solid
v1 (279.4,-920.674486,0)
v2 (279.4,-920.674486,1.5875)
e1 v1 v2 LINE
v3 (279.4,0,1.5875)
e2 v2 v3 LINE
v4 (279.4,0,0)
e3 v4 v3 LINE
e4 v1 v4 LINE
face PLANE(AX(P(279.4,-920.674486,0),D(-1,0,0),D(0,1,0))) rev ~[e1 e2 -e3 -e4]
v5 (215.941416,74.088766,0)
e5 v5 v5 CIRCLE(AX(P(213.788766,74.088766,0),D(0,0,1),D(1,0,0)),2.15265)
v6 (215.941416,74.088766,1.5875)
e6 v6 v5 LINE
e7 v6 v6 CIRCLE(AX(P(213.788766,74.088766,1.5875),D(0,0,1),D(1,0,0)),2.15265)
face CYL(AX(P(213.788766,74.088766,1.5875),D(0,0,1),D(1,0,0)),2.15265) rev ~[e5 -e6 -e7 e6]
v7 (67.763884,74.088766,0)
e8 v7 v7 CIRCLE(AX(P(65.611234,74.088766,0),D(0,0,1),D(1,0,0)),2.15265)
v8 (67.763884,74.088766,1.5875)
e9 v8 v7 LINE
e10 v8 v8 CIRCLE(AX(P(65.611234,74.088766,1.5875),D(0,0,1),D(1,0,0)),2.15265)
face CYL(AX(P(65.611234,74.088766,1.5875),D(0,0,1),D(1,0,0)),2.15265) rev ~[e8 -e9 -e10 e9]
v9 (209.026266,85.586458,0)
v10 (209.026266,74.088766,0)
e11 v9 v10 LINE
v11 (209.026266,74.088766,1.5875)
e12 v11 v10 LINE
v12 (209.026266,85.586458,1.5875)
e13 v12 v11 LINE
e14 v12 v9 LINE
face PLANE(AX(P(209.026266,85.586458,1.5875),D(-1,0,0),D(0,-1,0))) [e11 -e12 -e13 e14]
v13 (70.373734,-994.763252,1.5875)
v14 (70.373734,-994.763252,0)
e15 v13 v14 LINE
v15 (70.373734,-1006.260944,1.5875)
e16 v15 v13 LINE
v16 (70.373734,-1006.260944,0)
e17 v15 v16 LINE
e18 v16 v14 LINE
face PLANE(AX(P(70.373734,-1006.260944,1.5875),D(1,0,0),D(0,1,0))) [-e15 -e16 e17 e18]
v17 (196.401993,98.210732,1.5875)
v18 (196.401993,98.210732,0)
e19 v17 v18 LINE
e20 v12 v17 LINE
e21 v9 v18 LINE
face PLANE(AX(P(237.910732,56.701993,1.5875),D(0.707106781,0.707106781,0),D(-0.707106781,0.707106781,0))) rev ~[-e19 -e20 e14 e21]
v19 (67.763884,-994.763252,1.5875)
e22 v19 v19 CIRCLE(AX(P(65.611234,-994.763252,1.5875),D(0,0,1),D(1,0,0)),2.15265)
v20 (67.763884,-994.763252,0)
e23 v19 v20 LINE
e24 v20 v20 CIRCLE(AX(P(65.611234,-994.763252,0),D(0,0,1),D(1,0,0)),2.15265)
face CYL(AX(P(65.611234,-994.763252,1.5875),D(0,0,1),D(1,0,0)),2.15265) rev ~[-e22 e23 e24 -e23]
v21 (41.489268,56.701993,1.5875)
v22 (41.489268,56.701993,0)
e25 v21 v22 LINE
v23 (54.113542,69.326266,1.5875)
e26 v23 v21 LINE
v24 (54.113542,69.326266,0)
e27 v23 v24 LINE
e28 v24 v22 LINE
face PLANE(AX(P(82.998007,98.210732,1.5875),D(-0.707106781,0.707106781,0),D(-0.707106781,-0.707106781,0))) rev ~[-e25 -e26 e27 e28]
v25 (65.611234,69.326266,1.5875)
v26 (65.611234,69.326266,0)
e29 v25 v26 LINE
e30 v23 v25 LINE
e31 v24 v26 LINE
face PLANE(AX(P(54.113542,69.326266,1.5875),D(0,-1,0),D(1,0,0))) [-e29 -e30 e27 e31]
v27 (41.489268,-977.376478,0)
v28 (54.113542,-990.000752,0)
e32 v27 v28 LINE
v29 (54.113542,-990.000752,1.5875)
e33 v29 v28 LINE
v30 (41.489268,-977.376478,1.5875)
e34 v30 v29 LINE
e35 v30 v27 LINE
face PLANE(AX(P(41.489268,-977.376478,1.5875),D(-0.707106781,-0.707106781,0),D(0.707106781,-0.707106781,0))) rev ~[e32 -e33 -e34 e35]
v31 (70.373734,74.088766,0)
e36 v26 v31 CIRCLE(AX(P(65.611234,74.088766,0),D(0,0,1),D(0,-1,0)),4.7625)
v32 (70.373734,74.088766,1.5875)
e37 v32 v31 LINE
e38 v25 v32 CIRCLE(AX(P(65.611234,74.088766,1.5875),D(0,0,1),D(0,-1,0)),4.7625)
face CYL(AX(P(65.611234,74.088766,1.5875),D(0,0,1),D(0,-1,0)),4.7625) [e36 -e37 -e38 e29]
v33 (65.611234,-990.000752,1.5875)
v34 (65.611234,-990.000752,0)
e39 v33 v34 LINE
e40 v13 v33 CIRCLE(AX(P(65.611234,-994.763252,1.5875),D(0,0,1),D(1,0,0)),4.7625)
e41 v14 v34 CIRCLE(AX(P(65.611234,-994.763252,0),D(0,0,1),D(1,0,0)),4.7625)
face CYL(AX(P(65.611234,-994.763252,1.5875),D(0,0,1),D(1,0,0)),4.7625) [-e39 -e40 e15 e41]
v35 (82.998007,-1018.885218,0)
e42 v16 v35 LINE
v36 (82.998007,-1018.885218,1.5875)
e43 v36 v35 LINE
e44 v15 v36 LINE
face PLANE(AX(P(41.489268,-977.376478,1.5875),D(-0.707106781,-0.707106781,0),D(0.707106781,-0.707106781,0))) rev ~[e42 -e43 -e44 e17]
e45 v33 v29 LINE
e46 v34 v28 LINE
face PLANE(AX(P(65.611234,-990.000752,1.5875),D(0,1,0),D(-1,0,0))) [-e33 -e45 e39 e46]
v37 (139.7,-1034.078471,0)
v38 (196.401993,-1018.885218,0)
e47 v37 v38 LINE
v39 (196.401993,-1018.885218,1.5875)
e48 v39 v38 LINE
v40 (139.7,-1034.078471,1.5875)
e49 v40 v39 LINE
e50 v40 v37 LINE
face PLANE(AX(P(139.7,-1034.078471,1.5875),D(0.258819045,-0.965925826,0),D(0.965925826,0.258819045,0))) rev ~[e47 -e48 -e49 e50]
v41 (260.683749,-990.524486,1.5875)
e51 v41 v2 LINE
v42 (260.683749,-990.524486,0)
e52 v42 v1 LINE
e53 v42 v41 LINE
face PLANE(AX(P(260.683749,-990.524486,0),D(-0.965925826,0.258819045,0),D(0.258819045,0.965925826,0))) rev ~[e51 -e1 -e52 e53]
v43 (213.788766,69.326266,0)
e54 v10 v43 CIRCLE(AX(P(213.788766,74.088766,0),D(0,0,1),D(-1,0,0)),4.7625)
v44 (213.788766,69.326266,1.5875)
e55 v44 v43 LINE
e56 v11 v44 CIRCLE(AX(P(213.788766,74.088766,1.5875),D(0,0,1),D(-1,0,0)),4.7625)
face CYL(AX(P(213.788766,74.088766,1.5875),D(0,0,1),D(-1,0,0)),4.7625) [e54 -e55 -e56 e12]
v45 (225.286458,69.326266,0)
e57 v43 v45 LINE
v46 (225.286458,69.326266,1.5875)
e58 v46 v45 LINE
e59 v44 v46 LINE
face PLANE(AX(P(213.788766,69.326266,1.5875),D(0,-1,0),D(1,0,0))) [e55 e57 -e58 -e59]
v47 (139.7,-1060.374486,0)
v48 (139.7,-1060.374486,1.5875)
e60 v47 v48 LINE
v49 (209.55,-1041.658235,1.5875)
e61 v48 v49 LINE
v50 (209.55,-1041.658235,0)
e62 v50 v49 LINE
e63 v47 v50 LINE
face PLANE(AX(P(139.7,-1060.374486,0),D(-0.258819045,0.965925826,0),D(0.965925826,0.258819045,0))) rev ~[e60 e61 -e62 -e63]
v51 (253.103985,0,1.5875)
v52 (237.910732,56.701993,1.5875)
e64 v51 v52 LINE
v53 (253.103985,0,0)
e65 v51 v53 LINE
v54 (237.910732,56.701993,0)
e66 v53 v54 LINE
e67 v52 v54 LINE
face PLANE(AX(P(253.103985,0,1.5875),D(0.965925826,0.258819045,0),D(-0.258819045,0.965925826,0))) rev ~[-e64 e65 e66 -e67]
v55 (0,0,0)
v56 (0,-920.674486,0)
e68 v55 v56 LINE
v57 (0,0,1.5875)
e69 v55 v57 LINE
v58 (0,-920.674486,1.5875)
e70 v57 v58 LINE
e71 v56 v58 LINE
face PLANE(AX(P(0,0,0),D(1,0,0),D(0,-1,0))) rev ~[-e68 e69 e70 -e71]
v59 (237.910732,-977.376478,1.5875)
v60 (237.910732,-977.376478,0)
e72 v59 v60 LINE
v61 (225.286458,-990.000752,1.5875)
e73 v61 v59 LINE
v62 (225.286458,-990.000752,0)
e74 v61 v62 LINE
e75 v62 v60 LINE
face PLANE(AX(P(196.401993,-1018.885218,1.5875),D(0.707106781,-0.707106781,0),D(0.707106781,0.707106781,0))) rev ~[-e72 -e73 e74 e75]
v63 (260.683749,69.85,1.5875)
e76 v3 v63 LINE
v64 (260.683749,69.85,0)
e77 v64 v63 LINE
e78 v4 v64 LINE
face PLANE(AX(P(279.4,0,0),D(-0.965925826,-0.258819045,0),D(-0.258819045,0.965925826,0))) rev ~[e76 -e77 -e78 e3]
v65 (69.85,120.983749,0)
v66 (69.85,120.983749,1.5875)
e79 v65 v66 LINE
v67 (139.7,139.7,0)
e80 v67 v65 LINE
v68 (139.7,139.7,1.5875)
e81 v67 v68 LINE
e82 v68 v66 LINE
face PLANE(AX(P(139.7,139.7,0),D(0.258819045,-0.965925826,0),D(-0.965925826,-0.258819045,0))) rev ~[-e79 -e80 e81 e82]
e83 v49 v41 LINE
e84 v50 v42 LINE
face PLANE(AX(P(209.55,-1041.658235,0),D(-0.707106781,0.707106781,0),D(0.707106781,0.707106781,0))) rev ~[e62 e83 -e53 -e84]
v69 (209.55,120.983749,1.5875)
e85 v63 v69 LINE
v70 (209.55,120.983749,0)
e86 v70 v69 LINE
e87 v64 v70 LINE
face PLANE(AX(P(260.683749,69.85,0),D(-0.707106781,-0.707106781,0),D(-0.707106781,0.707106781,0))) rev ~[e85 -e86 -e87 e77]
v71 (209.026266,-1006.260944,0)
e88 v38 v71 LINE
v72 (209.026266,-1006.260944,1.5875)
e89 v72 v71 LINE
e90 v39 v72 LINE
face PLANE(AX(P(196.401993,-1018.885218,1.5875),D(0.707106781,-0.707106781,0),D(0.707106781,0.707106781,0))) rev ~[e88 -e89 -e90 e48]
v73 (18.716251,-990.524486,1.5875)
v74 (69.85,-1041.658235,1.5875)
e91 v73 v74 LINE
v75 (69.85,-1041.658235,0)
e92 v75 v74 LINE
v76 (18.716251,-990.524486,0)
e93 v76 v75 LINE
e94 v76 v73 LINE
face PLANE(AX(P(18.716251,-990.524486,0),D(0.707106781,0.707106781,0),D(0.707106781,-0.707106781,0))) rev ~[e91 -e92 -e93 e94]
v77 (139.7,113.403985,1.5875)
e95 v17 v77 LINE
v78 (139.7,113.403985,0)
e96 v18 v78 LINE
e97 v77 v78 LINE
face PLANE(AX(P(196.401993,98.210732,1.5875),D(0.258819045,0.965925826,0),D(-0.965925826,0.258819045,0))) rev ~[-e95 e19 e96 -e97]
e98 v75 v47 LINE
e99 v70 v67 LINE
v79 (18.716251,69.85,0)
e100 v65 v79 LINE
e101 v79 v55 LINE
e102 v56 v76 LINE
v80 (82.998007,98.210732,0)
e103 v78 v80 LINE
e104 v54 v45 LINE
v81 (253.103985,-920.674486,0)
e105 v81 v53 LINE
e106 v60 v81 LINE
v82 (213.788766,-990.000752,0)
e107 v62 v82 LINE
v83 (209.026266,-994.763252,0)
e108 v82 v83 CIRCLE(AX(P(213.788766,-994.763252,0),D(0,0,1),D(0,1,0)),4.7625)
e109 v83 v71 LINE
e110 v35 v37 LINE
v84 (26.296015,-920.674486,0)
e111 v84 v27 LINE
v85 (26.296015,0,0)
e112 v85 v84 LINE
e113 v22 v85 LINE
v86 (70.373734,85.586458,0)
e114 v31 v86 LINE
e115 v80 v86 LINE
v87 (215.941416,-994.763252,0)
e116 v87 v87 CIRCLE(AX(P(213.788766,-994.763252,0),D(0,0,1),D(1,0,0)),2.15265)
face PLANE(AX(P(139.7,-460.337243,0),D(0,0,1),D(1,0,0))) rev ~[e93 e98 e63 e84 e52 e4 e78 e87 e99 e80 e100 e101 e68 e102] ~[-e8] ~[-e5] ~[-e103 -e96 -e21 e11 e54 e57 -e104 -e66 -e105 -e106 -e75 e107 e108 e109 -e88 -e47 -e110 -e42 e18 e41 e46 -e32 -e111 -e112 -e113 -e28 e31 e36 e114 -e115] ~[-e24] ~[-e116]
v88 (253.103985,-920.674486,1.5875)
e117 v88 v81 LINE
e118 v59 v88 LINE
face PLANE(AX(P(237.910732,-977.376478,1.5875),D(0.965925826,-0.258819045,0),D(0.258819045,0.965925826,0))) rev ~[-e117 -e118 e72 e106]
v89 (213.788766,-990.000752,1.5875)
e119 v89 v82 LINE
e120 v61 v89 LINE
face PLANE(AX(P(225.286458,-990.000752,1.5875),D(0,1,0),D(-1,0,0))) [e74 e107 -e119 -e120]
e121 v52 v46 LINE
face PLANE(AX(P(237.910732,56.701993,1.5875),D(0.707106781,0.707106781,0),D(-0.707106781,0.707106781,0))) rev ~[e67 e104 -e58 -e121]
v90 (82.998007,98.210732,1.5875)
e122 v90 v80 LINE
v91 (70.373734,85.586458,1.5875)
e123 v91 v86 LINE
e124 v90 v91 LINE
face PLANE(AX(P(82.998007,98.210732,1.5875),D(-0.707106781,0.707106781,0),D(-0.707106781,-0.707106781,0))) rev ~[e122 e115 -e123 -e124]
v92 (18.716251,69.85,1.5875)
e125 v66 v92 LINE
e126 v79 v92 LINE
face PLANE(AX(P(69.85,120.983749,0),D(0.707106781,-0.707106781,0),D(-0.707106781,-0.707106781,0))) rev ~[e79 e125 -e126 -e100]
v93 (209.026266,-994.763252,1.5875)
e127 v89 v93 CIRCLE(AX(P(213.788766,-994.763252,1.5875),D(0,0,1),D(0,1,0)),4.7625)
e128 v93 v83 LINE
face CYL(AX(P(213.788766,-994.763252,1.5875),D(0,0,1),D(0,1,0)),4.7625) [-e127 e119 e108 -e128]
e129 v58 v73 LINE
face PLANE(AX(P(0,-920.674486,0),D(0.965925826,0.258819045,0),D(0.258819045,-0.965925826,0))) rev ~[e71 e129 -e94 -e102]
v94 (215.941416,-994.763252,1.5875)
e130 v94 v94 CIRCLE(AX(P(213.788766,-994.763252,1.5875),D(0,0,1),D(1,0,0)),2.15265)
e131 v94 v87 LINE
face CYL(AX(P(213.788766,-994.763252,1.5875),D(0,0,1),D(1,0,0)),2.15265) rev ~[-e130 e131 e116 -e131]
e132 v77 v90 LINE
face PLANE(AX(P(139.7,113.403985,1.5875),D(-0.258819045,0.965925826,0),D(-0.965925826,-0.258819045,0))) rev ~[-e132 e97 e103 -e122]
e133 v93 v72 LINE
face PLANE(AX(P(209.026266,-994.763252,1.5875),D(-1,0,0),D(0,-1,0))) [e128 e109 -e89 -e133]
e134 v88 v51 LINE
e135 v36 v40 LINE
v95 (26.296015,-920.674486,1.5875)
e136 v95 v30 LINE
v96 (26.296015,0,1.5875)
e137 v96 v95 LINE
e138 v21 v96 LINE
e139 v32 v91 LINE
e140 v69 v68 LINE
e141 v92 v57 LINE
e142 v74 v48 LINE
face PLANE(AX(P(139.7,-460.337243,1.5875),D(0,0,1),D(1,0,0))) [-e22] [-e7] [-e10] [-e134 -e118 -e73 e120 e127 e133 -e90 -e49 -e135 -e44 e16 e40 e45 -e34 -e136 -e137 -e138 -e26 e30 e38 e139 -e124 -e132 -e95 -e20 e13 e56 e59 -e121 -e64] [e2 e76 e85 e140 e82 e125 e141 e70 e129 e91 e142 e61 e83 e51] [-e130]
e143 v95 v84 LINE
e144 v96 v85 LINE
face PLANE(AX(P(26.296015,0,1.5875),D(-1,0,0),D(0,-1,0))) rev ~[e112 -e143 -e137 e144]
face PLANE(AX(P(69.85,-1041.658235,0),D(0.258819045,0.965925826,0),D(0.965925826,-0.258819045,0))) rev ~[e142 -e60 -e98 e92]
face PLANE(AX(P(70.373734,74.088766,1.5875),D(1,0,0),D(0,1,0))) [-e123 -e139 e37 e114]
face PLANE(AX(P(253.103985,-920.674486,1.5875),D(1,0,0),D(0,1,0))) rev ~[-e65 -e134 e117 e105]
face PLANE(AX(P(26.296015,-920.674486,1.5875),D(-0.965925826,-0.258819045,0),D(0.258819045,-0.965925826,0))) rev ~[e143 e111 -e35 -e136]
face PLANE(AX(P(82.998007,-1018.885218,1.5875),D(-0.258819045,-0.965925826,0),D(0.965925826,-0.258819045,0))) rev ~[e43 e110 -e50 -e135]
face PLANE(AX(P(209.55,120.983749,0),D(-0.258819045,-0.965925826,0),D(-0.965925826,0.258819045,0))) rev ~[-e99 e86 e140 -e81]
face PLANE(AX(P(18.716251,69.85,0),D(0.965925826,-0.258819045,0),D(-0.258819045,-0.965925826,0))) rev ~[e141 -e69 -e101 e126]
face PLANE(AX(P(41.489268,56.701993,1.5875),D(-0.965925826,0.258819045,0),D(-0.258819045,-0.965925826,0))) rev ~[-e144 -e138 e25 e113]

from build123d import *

# Parameters (mm, degrees)
F1_DEPTH = 1.5875
F3_DEPTH = 1.5875
F4_R     = 2.15265
F5_DEPTH = 1.5875


with BuildPart() as f1:
    # F0 (on Top) → F1 (new body)
    with BuildSketch(Plane.XY):
        Polygon((279.4, -920.6744858), (279.4, 0), (260.6837489087, 69.85), (209.55, 120.9837489087), (139.7, 139.7), (69.85, 120.9837489087), (18.7162510913, 69.85), (0, 0), (0, -920.6744858), (18.7162510913, -990.5244858), (69.85, -1041.6582347087), (139.7, -1060.3744858), (209.55, -1041.6582347087), (260.6837489087, -990.5244858), align=None)
    extrude(amount=F1_DEPTH)

    # F2 (on face) → F3 (cut, through all)
    with BuildSketch(Plane.XY.offset(1.5875)):
        Polygon((253.1039850176, -920.6744858), (253.1039850176, 0), (237.9107319156, 56.7019925088), (196.4019925088, 98.2107319156), (139.7, 113.4039850176), (82.9980074912, 98.2107319156), (41.4892680844, 56.7019925088), (26.2960149824, 0), (26.2960149824, -920.6744858), (41.4892680844, -977.3764783088), (82.9980074912, -1018.8852177156), (139.7, -1034.0784708176), (196.4019925088, -1018.8852177156), (237.9107319156, -977.3764783088), align=None)
    extrude(amount=-F3_DEPTH, mode=Mode.SUBTRACT)

    # F4 (on face) → F5 (join, through all)
    with BuildSketch(Plane.XY.offset(1.5875)):
        with BuildLine():
            Line((225.2864582576, 69.3262661668), (209.0262661668, 85.5864582576))
            Line((209.0262661668, 85.5864582576), (209.0262661668, 74.0887661668))
            ThreePointArc((209.0262661668, 74.0887661668), (210.4211701214, 70.7211701214), (213.7887661668, 69.3262661668))
            Line((213.7887661668, 69.3262661668), (225.2864582576, 69.3262661668))
        make_face()
        with Locations((213.7887661668, 74.0887661668)):
            Circle(F4_R, mode=Mode.SUBTRACT)
        with BuildLine():
            ThreePointArc((65.6112338332, 69.3262661668), (68.9788298786, 70.7211701214), (70.3737338332, 74.0887661668))
            Line((70.3737338332, 74.0887661668), (70.3737338332, 85.5864582576))
            Line((70.3737338332, 85.5864582576), (54.1135417424, 69.3262661668))
            Line((54.1135417424, 69.3262661668), (65.6112338332, 69.3262661668))
        make_face()
        with Locations((65.6112338332, 74.0887661668)):
            Circle(F4_R, mode=Mode.SUBTRACT)
        with BuildLine():
            Line((65.6112338332, -990.0007519668), (54.1135417424, -990.0007519668))
            Line((54.1135417424, -990.0007519668), (70.3737338332, -1006.2609440576))
            Line((70.3737338332, -1006.2609440576), (70.3737338332, -994.7632519668))
            ThreePointArc((70.3737338332, -994.7632519668), (68.9788298786, -991.3956559214), (65.6112338332, -990.0007519668))
        make_face()
        with Locations((65.6112338332, -994.7632519668)):
            Circle(F4_R, mode=Mode.SUBTRACT)
        with BuildLine():
            Line((209.0262661668, -1006.2609440576), (225.2864582576, -990.0007519668))
            Line((225.2864582576, -990.0007519668), (213.7887661668, -990.0007519668))
            ThreePointArc((213.7887661668, -990.0007519668), (210.4211701214, -991.3956559214), (209.0262661668, -994.7632519668))
            Line((209.0262661668, -994.7632519668), (209.0262661668, -1006.2609440576))
        make_face()
        with Locations((213.7887661668, -994.7632519668)):
            Circle(F4_R, mode=Mode.SUBTRACT)
    extrude(amount=-F5_DEPTH)


solid = f1.part
